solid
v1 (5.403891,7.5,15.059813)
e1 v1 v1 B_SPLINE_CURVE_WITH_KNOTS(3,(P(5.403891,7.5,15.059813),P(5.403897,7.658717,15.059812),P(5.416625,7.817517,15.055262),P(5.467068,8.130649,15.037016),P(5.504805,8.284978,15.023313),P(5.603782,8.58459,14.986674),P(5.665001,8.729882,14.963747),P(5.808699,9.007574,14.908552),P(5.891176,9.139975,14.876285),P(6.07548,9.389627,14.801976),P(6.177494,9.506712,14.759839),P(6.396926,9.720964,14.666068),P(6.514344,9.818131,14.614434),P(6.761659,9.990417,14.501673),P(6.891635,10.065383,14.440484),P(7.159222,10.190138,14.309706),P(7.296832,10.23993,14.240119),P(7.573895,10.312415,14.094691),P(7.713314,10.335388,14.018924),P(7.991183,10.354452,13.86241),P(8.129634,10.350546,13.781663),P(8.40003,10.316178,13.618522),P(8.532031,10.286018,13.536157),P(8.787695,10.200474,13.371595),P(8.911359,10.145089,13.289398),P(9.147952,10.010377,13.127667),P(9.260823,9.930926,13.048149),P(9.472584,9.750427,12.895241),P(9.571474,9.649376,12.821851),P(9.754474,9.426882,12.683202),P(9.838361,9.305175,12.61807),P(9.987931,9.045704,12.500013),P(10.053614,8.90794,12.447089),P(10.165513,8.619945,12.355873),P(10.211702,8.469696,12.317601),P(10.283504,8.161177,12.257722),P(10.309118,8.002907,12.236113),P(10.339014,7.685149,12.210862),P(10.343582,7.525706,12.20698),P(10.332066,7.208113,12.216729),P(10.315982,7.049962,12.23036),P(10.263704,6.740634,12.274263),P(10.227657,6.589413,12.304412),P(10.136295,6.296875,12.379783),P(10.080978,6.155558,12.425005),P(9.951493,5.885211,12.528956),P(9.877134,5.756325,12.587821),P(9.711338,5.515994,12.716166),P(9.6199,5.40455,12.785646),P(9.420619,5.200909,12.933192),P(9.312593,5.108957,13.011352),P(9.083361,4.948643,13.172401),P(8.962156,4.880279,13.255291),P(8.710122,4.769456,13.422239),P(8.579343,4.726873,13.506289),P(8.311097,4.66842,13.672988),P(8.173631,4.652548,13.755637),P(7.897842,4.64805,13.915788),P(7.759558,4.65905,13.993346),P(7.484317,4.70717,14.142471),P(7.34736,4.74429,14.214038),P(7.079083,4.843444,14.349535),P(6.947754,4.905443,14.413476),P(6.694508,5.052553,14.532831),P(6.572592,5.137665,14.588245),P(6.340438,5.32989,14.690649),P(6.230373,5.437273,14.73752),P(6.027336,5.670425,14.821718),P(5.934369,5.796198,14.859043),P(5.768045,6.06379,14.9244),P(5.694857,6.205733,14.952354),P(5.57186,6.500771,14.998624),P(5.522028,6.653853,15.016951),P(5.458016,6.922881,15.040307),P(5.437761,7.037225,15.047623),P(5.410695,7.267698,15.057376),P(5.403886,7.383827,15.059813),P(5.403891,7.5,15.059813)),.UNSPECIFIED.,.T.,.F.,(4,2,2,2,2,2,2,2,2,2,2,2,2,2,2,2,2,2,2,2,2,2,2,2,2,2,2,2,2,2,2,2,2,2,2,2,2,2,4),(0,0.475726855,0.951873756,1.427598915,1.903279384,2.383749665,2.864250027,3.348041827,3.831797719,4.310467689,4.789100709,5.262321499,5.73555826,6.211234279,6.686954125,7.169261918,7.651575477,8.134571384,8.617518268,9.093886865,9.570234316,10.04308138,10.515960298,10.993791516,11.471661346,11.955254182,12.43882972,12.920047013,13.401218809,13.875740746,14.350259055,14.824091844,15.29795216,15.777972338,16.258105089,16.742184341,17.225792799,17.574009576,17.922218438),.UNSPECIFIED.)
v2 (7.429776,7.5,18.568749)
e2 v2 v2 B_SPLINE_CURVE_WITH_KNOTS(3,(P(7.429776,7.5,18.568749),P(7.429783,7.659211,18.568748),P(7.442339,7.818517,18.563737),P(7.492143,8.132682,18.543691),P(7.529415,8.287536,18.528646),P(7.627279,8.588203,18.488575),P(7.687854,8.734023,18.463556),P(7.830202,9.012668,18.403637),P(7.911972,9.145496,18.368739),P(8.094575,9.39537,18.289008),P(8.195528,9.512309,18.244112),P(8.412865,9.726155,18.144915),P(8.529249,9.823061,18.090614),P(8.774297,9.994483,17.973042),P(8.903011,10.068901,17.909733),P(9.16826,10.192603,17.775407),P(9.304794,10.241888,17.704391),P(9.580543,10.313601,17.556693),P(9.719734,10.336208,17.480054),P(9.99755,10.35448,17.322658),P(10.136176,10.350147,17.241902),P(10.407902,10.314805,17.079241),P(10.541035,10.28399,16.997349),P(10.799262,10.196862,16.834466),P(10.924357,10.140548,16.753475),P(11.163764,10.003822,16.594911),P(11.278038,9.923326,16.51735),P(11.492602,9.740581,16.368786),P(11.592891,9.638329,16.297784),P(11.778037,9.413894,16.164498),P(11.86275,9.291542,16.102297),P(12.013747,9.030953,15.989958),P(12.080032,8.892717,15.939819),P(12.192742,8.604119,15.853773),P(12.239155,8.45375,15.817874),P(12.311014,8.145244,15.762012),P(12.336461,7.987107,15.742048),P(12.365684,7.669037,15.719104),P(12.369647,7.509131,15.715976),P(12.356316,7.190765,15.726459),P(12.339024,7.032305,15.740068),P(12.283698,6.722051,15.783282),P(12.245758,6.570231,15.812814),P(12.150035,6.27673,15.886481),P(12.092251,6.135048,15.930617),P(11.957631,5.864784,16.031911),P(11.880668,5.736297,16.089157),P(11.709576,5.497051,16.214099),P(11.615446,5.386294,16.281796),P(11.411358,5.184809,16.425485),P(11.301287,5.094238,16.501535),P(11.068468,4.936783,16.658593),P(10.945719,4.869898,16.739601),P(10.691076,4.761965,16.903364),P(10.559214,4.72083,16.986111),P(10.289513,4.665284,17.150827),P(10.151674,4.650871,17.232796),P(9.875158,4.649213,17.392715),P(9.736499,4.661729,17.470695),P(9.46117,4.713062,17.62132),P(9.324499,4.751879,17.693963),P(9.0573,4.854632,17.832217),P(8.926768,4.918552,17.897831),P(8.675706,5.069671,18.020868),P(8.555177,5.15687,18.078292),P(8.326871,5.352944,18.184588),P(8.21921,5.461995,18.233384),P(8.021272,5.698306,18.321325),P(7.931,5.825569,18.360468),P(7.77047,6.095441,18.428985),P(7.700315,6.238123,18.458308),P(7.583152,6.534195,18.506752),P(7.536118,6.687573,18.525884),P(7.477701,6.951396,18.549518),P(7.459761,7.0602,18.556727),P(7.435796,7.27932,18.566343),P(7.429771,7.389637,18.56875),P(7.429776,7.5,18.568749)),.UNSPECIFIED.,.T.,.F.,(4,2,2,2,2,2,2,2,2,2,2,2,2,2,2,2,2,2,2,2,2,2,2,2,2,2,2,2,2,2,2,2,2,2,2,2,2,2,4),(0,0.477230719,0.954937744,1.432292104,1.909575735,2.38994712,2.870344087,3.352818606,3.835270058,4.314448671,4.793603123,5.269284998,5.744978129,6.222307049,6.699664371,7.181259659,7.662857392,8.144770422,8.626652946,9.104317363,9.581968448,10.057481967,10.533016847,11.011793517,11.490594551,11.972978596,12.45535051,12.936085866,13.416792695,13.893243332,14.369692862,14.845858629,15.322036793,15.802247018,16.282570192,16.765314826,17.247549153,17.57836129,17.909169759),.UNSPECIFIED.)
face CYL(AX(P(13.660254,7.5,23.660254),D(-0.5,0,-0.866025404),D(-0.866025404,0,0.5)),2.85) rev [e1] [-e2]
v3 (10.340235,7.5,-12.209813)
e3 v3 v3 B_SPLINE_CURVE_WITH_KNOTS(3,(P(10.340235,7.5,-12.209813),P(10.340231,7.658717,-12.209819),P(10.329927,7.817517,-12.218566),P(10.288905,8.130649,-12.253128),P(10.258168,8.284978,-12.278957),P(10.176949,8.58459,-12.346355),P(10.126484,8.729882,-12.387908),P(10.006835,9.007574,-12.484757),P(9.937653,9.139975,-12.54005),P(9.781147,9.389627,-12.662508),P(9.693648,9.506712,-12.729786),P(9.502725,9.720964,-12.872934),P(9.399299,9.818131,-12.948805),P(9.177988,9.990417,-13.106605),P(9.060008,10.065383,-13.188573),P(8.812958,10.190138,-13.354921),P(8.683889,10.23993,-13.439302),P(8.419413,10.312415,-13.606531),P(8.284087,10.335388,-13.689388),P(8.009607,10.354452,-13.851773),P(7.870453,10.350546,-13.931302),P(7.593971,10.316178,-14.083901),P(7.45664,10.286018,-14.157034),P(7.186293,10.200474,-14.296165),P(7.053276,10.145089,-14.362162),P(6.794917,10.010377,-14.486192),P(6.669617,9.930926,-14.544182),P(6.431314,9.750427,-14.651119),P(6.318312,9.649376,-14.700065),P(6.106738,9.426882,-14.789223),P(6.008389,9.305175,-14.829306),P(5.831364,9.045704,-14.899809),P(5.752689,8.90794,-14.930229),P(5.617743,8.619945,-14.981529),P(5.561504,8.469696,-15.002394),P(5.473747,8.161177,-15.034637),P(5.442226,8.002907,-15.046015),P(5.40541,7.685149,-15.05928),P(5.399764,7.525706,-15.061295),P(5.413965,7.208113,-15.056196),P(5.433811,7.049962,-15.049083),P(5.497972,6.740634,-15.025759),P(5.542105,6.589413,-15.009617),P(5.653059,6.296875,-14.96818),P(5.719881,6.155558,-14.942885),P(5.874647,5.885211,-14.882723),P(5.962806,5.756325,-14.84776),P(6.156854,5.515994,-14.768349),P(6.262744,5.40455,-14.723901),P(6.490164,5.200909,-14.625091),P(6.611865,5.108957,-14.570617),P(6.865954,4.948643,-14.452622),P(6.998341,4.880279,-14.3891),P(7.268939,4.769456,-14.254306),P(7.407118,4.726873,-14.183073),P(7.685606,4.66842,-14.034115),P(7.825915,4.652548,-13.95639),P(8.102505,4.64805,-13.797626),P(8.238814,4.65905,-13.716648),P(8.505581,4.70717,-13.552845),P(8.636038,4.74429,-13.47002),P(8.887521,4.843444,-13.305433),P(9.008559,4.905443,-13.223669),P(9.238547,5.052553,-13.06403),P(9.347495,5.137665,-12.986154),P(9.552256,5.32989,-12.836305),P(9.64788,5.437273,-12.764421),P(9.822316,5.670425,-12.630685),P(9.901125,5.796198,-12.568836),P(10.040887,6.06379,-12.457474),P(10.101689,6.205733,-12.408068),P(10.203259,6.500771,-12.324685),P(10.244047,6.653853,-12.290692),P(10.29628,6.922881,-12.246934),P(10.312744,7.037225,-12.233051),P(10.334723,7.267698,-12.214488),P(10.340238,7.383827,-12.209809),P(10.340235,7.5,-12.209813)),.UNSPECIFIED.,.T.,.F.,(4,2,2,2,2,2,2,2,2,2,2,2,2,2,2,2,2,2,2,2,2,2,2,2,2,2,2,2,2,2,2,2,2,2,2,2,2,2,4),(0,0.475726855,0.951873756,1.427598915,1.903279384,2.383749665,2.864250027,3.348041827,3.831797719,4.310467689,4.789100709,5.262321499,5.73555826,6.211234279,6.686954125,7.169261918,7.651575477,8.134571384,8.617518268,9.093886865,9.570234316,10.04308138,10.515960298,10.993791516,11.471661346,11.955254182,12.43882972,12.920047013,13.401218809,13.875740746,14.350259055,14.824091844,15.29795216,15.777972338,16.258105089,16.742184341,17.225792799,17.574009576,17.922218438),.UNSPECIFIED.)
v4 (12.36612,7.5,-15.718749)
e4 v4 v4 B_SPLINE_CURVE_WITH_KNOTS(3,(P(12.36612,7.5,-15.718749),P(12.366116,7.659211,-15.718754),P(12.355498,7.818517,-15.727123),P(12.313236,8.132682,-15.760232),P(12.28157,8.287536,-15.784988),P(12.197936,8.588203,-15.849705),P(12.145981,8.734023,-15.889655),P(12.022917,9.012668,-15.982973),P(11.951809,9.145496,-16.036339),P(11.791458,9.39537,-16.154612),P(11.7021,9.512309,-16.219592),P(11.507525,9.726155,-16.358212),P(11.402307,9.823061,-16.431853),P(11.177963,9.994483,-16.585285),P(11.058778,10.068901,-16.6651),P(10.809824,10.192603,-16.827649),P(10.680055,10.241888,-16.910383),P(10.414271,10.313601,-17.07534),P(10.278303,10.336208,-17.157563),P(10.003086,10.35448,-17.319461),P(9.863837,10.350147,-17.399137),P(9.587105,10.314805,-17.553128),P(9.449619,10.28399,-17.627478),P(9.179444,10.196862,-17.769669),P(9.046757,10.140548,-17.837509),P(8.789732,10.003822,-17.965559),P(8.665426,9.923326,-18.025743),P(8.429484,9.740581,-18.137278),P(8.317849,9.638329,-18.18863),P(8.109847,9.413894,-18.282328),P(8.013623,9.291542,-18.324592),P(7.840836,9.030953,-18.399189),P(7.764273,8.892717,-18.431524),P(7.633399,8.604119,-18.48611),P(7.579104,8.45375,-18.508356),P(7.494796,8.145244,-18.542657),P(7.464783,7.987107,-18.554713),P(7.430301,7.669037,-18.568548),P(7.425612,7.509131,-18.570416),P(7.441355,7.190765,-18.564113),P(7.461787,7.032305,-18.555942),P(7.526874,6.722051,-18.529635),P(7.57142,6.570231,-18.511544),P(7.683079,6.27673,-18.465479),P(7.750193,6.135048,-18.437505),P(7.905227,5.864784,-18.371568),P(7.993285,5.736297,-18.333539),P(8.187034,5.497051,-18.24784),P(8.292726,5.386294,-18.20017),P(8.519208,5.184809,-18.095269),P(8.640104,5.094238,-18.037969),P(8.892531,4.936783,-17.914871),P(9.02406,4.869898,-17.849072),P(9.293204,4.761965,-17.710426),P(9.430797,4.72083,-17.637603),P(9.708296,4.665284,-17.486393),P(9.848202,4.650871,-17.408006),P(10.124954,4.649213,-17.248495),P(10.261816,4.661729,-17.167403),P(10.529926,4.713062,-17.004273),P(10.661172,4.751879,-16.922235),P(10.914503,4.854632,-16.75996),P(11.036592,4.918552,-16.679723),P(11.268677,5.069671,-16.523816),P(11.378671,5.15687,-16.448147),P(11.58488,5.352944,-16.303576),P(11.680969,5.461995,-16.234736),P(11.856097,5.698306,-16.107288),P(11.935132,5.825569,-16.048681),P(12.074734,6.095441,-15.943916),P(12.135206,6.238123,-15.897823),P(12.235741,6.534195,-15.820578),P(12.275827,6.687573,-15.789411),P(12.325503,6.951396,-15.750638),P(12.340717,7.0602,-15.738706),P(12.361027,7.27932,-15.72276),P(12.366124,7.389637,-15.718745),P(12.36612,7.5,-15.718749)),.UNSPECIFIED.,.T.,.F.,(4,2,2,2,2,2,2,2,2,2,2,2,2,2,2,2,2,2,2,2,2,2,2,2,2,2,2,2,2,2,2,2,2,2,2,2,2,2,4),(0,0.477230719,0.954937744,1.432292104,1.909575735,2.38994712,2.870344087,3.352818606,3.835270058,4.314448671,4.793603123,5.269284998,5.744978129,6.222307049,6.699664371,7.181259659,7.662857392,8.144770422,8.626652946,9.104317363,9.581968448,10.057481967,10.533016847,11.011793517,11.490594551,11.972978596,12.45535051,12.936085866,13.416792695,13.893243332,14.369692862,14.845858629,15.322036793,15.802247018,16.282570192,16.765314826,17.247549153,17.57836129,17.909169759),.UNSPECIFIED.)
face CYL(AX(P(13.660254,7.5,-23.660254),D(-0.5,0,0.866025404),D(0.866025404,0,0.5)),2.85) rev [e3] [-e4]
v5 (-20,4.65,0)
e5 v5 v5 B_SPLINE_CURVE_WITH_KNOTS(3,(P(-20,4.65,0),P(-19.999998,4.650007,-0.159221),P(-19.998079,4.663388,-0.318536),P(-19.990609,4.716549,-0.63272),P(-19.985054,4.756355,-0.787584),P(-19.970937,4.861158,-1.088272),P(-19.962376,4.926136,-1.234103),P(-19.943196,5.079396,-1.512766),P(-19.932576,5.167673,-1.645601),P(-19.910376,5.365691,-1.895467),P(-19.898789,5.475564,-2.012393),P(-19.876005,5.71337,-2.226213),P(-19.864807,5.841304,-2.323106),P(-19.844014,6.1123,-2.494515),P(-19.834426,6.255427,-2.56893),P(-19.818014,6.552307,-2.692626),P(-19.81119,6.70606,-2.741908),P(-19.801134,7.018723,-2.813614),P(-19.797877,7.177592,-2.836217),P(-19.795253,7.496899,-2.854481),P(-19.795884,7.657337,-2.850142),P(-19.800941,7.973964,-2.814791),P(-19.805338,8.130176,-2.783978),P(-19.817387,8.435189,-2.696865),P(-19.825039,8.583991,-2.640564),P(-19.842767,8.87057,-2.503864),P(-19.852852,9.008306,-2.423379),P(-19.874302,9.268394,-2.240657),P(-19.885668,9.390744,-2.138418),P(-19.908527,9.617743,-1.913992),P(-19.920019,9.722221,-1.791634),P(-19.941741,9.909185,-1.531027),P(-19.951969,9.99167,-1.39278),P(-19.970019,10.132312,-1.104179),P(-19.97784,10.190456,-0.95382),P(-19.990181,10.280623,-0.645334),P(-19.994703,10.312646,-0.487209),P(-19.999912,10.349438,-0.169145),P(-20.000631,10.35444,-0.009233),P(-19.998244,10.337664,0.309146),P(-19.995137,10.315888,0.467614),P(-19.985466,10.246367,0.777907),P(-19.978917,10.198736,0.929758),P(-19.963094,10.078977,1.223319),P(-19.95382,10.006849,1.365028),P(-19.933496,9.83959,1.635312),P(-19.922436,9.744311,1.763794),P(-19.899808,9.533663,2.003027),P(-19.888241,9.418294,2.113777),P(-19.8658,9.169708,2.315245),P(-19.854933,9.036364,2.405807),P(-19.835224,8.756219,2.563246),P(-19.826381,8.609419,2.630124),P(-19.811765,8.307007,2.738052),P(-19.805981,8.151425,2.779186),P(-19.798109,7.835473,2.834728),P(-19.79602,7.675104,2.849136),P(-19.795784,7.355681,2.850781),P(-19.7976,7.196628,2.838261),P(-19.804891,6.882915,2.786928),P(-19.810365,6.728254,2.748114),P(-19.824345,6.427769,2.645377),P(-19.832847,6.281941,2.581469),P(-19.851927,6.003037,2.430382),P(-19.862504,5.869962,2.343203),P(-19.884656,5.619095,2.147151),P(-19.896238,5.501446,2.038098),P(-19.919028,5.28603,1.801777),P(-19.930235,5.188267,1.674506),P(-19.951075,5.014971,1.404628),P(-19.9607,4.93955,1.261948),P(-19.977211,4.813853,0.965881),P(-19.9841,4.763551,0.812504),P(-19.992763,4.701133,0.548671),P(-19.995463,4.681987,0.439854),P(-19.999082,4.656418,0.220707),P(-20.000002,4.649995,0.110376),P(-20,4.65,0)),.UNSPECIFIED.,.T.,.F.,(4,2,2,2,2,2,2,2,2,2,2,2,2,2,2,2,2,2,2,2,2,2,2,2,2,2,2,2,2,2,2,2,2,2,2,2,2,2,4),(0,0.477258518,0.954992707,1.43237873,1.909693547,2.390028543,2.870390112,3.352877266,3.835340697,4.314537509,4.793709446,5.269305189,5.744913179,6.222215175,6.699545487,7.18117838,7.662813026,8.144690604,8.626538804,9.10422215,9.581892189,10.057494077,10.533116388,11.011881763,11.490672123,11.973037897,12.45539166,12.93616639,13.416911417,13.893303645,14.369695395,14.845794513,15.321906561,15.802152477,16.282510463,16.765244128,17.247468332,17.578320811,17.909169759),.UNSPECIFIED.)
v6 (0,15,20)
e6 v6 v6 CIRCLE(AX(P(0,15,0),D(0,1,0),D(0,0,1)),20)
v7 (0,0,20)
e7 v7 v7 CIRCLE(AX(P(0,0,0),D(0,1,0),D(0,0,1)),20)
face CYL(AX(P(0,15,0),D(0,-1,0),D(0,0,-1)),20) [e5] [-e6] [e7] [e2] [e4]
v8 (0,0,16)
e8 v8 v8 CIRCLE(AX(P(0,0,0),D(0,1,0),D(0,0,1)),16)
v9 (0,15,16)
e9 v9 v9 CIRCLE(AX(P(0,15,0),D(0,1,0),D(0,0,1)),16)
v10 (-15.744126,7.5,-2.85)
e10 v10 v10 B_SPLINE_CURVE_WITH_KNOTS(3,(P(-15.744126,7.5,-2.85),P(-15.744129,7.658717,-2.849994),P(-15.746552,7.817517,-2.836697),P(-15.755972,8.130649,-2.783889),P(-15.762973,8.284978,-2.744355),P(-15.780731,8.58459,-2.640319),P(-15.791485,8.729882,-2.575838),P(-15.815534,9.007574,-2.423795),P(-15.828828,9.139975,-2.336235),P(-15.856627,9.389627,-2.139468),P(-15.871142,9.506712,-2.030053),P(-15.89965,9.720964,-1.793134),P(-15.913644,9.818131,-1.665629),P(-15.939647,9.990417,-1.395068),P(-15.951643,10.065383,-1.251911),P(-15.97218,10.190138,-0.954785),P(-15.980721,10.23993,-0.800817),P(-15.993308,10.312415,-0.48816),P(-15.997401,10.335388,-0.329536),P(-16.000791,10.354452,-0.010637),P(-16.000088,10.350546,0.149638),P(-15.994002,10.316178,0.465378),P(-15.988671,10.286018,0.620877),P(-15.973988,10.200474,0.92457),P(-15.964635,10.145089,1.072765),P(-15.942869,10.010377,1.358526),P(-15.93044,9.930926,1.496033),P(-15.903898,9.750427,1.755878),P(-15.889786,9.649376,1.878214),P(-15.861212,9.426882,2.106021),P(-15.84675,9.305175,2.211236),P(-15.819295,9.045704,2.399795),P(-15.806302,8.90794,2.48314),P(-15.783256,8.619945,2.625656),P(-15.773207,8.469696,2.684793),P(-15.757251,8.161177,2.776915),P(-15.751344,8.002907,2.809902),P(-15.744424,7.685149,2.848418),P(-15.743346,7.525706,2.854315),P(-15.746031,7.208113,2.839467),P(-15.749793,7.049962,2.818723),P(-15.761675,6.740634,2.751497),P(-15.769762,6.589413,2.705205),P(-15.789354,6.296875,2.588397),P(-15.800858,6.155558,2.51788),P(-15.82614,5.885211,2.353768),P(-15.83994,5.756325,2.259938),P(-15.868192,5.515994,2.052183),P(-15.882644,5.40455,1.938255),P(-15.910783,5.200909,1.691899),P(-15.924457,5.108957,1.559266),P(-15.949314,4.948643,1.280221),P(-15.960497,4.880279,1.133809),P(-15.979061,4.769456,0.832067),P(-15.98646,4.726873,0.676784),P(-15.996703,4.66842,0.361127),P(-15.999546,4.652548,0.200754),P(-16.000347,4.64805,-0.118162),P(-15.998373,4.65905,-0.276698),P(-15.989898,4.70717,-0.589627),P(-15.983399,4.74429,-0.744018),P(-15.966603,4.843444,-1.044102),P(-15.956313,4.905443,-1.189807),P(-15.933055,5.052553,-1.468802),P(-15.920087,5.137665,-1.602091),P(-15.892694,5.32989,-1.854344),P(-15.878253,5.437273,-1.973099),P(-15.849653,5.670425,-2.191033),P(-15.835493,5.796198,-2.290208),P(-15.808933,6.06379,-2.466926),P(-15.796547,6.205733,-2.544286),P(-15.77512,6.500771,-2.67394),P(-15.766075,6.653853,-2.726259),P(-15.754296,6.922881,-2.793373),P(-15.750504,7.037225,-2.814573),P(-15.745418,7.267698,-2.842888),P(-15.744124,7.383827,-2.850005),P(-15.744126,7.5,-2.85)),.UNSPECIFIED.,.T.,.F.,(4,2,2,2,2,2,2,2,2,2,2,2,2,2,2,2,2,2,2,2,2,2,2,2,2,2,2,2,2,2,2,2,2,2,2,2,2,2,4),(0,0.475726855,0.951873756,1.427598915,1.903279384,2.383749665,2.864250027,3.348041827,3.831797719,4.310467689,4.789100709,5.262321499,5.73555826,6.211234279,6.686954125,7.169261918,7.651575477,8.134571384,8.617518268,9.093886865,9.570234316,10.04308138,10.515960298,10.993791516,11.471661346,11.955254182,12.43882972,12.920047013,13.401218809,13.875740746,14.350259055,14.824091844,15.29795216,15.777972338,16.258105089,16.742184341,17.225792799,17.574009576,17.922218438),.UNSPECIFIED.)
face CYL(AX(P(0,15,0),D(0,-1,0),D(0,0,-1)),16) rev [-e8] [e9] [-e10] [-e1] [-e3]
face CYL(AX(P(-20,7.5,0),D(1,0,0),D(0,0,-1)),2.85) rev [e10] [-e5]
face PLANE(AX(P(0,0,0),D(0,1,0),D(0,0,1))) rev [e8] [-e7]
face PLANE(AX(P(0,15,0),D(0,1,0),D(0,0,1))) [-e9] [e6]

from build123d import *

# Parameters (mm, degrees)
CROQUIS1_R              = 20
CROQUIS1_R_2            = 16
SALIENTE_EXTRUIR1_DEPTH = 15
CROQUIS3_R              = 2.85
CORTAR_EXTRUIR1_DEPTH   = 33.015621187
CROQUIS7_R              = 2.85
CORTAR_EXTRUIR3_DEPTH   = 33.015621359
CROQUIS9_R              = 2.85
CORTAR_EXTRUIR5_DEPTH   = 33.015621359


with BuildPart() as part:
    # Croquis1 → Saliente-Extruir1 (new body)
    with BuildSketch(Plane(origin=(0, 0, 0), x_dir=(1, 0, 0), z_dir=(0, 1, 0))):
        Circle(CROQUIS1_R)
        Circle(CROQUIS1_R_2, mode=Mode.SUBTRACT)
    extrude(amount=SALIENTE_EXTRUIR1_DEPTH)

    # Croquis3 → Cortar-Extruir1 (cut, through all)
    with BuildSketch(Plane(origin=(0, 0, 0), x_dir=(0, 0, -1), z_dir=(1, 0, 0))):
        with Locations((0, 7.5)):
            Circle(CROQUIS3_R)
    extrude(amount=-CORTAR_EXTRUIR1_DEPTH, mode=Mode.SUBTRACT)

    # Croquis7 → Cortar-Extruir3 (cut, through all)
    with BuildSketch(Plane(origin=(0, 0, 0), x_dir=(0.8660254037844363, 0, 0.500000000000004), z_dir=(-0.5000000000000041, 0, 0.8660254037844364))):
        with Locations((0, 7.5)):
            Circle(CROQUIS7_R)
    extrude(amount=-CORTAR_EXTRUIR3_DEPTH, mode=Mode.SUBTRACT)

    # Croquis9 → Cortar-Extruir5 (cut, through all)
    with BuildSketch(Plane(origin=(0, 0, 0), x_dir=(-0.8660254037844434, 0, 0.499999999999992), z_dir=(-0.499999999999992, 0, -0.8660254037844434))):
        with Locations((0, 7.5)):
            Circle(CROQUIS9_R)
    extrude(amount=-CORTAR_EXTRUIR5_DEPTH, mode=Mode.SUBTRACT)


solid = part.part
